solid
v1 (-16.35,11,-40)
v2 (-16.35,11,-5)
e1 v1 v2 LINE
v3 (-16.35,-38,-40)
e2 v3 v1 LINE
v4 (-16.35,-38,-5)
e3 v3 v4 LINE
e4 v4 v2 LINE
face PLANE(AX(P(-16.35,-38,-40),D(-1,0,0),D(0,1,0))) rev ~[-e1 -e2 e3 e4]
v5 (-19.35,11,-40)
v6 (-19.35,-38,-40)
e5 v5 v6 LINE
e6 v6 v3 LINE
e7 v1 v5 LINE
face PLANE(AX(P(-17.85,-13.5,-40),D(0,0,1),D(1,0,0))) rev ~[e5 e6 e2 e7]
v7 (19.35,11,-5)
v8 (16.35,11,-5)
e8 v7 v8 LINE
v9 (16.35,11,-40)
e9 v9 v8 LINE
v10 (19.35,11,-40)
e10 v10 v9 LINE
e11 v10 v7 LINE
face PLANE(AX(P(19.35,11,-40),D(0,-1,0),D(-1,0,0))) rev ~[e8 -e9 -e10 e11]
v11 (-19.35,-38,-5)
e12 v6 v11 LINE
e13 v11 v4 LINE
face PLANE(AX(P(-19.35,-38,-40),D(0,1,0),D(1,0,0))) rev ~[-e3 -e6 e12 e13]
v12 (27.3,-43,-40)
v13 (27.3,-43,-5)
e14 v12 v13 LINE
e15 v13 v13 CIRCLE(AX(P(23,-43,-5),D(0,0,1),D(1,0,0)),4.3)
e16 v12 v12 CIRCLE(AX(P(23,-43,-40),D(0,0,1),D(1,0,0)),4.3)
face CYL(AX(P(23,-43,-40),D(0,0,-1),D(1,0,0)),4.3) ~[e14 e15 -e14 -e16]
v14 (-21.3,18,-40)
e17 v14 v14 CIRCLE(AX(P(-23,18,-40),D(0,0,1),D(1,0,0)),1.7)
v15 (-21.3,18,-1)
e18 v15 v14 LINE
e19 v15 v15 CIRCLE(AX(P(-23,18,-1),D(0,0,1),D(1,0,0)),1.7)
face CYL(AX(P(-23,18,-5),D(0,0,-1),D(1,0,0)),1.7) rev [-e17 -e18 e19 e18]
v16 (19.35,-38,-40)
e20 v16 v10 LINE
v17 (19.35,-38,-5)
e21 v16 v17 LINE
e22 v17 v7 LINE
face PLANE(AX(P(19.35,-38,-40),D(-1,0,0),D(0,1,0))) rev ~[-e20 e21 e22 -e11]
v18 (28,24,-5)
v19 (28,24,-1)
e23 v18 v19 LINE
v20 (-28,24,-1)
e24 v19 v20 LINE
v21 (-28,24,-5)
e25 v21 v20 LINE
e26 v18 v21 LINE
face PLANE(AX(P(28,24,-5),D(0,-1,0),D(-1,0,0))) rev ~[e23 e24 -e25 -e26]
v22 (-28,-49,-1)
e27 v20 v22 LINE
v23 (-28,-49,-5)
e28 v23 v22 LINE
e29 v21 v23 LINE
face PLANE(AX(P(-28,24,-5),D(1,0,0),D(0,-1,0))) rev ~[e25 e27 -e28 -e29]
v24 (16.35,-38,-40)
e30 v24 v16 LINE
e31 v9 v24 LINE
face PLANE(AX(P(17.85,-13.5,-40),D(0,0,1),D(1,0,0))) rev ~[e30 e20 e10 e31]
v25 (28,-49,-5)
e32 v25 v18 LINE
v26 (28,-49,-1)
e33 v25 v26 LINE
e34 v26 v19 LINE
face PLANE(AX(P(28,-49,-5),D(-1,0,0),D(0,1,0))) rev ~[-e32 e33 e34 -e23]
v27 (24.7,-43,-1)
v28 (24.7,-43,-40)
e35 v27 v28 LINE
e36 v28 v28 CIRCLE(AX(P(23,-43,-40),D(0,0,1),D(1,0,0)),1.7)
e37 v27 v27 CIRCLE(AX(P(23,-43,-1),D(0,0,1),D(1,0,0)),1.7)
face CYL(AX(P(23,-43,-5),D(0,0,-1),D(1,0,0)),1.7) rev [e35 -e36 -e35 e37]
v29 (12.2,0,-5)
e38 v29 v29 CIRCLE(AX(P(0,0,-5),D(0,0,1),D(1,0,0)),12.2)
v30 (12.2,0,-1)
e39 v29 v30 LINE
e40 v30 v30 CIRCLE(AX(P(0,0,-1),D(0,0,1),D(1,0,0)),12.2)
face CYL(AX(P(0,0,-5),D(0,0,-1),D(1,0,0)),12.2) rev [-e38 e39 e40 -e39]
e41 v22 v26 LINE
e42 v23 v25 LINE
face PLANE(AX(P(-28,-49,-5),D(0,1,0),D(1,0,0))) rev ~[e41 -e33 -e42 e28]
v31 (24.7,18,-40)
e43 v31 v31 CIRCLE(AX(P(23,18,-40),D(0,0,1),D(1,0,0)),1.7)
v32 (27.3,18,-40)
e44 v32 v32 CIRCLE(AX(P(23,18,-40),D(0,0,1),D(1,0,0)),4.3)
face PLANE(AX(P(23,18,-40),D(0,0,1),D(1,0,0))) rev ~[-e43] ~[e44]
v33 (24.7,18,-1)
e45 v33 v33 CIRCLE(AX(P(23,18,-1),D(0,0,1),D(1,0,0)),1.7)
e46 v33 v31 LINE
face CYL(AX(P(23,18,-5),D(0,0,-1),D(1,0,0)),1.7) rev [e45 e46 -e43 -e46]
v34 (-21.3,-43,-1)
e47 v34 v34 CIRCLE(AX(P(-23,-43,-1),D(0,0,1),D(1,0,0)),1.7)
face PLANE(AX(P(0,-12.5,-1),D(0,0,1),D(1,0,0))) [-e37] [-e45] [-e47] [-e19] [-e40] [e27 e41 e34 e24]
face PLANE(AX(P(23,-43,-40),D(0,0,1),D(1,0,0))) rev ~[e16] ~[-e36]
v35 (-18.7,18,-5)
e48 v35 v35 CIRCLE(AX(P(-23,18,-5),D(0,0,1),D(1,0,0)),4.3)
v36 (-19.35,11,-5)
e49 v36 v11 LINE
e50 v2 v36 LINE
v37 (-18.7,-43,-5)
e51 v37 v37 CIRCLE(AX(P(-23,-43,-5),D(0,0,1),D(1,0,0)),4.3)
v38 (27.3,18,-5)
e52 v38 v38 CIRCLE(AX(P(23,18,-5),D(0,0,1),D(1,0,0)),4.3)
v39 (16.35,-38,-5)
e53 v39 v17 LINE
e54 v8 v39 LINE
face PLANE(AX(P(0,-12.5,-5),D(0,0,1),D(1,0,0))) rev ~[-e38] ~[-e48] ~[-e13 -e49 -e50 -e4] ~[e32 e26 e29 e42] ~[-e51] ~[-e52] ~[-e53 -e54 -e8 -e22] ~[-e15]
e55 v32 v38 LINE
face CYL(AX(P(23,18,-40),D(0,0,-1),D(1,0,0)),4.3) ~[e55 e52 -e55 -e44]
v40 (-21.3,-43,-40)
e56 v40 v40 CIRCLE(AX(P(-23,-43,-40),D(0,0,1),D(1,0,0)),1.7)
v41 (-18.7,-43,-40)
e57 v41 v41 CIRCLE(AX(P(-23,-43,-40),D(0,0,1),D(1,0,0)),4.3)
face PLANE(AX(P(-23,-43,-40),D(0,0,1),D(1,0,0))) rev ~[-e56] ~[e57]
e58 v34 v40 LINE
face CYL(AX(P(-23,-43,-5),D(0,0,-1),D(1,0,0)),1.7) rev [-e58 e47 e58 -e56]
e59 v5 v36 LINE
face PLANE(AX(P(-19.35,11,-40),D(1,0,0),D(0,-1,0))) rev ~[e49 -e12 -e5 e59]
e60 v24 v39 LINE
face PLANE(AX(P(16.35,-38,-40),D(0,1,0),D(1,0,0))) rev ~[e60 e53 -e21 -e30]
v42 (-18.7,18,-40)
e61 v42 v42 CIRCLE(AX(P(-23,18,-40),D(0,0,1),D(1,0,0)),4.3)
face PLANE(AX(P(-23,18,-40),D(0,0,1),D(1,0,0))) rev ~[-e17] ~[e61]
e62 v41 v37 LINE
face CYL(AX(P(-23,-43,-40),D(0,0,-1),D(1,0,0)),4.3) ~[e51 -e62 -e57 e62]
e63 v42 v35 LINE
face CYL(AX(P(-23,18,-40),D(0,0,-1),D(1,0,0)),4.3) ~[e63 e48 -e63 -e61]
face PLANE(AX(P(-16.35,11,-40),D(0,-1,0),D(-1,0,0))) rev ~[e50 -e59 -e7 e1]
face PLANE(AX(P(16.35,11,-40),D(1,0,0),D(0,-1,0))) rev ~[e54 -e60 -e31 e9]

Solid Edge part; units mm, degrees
sketch "Sketch1" plane through (0, 0, -5) normal (0, 0, 1) x (1, 0, 0)
  line L0 (-28, -49) -> (28, -49)
  line L1 (28, -49) -> (28, 24)
  line L2 (28, 24) -> (-28, 24)
  line L3 (-28, 24) -> (-28, -49)
  circle A0 centre (0, 0) radius 12.2
  circle A1 centre (-23, -43) radius 1.7
  circle A2 centre (23, -43) radius 1.7
  circle A3 centre (-23, 18) radius 1.7
  circle A4 centre (23, 18) radius 1.7
extrude "ExtrudedProtrusion_1" add sketch "Sketch1" along normal blind 4
sketch "Sketch2" plane through (0, 0, -40) normal (0, 0, 1) x (1, 0, 0)
  circle A0 centre (-23, -43) radius 4.3
  circle A1 centre (-23, -43) radius 1.7
extrude "ExtrudedProtrusion_2" add sketch "Sketch2" along normal blind 35
sketch "Sketch3" plane through (0, 0, -40) normal (0, 0, 1) x (1, 0, 0)
  circle A0 centre (23, -43) radius 4.3
  circle A1 centre (23, -43) radius 1.7
extrude "ExtrudedProtrusion_3" add sketch "Sketch3" along normal blind 35
sketch "Sketch4" plane through (0, 0, -40) normal (0, 0, 1) x (1, 0, 0)
  circle A0 centre (-23, 18) radius 4.3
  circle A1 centre (-23, 18) radius 1.7
extrude "ExtrudedProtrusion_4" add sketch "Sketch4" along normal blind 35
sketch "Sketch5" plane through (0, 0, -40) normal (0, 0, 1) x (1, 0, 0)
  circle A0 centre (23, 18) radius 4.3
  circle A1 centre (23, 18) radius 1.7
extrude "ExtrudedProtrusion_5" add sketch "Sketch5" along normal blind 35
sketch "Sketch6" plane through (0, 0, -40) normal (0, 0, 1) x (1, 0, 0)
  line L0 (-19.35, -38) -> (-16.35, -38)
  line L1 (-16.35, -38) -> (-16.35, 11)
  line L2 (-16.35, 11) -> (-19.35, 11)
  line L3 (-19.35, 11) -> (-19.35, -38)
extrude "ExtrudedProtrusion_6" add sketch "Sketch6" along normal blind 35
sketch "Sketch7" plane through (0, 0, -40) normal (0, 0, 1) x (1, 0, 0)
  line L0 (16.35, -38) -> (19.35, -38)
  line L1 (19.35, -38) -> (19.35, 11)
  line L2 (19.35, 11) -> (16.35, 11)
  line L3 (16.35, 11) -> (16.35, -38)
extrude "ExtrudedProtrusion_7" add sketch "Sketch7" along normal blind 35
